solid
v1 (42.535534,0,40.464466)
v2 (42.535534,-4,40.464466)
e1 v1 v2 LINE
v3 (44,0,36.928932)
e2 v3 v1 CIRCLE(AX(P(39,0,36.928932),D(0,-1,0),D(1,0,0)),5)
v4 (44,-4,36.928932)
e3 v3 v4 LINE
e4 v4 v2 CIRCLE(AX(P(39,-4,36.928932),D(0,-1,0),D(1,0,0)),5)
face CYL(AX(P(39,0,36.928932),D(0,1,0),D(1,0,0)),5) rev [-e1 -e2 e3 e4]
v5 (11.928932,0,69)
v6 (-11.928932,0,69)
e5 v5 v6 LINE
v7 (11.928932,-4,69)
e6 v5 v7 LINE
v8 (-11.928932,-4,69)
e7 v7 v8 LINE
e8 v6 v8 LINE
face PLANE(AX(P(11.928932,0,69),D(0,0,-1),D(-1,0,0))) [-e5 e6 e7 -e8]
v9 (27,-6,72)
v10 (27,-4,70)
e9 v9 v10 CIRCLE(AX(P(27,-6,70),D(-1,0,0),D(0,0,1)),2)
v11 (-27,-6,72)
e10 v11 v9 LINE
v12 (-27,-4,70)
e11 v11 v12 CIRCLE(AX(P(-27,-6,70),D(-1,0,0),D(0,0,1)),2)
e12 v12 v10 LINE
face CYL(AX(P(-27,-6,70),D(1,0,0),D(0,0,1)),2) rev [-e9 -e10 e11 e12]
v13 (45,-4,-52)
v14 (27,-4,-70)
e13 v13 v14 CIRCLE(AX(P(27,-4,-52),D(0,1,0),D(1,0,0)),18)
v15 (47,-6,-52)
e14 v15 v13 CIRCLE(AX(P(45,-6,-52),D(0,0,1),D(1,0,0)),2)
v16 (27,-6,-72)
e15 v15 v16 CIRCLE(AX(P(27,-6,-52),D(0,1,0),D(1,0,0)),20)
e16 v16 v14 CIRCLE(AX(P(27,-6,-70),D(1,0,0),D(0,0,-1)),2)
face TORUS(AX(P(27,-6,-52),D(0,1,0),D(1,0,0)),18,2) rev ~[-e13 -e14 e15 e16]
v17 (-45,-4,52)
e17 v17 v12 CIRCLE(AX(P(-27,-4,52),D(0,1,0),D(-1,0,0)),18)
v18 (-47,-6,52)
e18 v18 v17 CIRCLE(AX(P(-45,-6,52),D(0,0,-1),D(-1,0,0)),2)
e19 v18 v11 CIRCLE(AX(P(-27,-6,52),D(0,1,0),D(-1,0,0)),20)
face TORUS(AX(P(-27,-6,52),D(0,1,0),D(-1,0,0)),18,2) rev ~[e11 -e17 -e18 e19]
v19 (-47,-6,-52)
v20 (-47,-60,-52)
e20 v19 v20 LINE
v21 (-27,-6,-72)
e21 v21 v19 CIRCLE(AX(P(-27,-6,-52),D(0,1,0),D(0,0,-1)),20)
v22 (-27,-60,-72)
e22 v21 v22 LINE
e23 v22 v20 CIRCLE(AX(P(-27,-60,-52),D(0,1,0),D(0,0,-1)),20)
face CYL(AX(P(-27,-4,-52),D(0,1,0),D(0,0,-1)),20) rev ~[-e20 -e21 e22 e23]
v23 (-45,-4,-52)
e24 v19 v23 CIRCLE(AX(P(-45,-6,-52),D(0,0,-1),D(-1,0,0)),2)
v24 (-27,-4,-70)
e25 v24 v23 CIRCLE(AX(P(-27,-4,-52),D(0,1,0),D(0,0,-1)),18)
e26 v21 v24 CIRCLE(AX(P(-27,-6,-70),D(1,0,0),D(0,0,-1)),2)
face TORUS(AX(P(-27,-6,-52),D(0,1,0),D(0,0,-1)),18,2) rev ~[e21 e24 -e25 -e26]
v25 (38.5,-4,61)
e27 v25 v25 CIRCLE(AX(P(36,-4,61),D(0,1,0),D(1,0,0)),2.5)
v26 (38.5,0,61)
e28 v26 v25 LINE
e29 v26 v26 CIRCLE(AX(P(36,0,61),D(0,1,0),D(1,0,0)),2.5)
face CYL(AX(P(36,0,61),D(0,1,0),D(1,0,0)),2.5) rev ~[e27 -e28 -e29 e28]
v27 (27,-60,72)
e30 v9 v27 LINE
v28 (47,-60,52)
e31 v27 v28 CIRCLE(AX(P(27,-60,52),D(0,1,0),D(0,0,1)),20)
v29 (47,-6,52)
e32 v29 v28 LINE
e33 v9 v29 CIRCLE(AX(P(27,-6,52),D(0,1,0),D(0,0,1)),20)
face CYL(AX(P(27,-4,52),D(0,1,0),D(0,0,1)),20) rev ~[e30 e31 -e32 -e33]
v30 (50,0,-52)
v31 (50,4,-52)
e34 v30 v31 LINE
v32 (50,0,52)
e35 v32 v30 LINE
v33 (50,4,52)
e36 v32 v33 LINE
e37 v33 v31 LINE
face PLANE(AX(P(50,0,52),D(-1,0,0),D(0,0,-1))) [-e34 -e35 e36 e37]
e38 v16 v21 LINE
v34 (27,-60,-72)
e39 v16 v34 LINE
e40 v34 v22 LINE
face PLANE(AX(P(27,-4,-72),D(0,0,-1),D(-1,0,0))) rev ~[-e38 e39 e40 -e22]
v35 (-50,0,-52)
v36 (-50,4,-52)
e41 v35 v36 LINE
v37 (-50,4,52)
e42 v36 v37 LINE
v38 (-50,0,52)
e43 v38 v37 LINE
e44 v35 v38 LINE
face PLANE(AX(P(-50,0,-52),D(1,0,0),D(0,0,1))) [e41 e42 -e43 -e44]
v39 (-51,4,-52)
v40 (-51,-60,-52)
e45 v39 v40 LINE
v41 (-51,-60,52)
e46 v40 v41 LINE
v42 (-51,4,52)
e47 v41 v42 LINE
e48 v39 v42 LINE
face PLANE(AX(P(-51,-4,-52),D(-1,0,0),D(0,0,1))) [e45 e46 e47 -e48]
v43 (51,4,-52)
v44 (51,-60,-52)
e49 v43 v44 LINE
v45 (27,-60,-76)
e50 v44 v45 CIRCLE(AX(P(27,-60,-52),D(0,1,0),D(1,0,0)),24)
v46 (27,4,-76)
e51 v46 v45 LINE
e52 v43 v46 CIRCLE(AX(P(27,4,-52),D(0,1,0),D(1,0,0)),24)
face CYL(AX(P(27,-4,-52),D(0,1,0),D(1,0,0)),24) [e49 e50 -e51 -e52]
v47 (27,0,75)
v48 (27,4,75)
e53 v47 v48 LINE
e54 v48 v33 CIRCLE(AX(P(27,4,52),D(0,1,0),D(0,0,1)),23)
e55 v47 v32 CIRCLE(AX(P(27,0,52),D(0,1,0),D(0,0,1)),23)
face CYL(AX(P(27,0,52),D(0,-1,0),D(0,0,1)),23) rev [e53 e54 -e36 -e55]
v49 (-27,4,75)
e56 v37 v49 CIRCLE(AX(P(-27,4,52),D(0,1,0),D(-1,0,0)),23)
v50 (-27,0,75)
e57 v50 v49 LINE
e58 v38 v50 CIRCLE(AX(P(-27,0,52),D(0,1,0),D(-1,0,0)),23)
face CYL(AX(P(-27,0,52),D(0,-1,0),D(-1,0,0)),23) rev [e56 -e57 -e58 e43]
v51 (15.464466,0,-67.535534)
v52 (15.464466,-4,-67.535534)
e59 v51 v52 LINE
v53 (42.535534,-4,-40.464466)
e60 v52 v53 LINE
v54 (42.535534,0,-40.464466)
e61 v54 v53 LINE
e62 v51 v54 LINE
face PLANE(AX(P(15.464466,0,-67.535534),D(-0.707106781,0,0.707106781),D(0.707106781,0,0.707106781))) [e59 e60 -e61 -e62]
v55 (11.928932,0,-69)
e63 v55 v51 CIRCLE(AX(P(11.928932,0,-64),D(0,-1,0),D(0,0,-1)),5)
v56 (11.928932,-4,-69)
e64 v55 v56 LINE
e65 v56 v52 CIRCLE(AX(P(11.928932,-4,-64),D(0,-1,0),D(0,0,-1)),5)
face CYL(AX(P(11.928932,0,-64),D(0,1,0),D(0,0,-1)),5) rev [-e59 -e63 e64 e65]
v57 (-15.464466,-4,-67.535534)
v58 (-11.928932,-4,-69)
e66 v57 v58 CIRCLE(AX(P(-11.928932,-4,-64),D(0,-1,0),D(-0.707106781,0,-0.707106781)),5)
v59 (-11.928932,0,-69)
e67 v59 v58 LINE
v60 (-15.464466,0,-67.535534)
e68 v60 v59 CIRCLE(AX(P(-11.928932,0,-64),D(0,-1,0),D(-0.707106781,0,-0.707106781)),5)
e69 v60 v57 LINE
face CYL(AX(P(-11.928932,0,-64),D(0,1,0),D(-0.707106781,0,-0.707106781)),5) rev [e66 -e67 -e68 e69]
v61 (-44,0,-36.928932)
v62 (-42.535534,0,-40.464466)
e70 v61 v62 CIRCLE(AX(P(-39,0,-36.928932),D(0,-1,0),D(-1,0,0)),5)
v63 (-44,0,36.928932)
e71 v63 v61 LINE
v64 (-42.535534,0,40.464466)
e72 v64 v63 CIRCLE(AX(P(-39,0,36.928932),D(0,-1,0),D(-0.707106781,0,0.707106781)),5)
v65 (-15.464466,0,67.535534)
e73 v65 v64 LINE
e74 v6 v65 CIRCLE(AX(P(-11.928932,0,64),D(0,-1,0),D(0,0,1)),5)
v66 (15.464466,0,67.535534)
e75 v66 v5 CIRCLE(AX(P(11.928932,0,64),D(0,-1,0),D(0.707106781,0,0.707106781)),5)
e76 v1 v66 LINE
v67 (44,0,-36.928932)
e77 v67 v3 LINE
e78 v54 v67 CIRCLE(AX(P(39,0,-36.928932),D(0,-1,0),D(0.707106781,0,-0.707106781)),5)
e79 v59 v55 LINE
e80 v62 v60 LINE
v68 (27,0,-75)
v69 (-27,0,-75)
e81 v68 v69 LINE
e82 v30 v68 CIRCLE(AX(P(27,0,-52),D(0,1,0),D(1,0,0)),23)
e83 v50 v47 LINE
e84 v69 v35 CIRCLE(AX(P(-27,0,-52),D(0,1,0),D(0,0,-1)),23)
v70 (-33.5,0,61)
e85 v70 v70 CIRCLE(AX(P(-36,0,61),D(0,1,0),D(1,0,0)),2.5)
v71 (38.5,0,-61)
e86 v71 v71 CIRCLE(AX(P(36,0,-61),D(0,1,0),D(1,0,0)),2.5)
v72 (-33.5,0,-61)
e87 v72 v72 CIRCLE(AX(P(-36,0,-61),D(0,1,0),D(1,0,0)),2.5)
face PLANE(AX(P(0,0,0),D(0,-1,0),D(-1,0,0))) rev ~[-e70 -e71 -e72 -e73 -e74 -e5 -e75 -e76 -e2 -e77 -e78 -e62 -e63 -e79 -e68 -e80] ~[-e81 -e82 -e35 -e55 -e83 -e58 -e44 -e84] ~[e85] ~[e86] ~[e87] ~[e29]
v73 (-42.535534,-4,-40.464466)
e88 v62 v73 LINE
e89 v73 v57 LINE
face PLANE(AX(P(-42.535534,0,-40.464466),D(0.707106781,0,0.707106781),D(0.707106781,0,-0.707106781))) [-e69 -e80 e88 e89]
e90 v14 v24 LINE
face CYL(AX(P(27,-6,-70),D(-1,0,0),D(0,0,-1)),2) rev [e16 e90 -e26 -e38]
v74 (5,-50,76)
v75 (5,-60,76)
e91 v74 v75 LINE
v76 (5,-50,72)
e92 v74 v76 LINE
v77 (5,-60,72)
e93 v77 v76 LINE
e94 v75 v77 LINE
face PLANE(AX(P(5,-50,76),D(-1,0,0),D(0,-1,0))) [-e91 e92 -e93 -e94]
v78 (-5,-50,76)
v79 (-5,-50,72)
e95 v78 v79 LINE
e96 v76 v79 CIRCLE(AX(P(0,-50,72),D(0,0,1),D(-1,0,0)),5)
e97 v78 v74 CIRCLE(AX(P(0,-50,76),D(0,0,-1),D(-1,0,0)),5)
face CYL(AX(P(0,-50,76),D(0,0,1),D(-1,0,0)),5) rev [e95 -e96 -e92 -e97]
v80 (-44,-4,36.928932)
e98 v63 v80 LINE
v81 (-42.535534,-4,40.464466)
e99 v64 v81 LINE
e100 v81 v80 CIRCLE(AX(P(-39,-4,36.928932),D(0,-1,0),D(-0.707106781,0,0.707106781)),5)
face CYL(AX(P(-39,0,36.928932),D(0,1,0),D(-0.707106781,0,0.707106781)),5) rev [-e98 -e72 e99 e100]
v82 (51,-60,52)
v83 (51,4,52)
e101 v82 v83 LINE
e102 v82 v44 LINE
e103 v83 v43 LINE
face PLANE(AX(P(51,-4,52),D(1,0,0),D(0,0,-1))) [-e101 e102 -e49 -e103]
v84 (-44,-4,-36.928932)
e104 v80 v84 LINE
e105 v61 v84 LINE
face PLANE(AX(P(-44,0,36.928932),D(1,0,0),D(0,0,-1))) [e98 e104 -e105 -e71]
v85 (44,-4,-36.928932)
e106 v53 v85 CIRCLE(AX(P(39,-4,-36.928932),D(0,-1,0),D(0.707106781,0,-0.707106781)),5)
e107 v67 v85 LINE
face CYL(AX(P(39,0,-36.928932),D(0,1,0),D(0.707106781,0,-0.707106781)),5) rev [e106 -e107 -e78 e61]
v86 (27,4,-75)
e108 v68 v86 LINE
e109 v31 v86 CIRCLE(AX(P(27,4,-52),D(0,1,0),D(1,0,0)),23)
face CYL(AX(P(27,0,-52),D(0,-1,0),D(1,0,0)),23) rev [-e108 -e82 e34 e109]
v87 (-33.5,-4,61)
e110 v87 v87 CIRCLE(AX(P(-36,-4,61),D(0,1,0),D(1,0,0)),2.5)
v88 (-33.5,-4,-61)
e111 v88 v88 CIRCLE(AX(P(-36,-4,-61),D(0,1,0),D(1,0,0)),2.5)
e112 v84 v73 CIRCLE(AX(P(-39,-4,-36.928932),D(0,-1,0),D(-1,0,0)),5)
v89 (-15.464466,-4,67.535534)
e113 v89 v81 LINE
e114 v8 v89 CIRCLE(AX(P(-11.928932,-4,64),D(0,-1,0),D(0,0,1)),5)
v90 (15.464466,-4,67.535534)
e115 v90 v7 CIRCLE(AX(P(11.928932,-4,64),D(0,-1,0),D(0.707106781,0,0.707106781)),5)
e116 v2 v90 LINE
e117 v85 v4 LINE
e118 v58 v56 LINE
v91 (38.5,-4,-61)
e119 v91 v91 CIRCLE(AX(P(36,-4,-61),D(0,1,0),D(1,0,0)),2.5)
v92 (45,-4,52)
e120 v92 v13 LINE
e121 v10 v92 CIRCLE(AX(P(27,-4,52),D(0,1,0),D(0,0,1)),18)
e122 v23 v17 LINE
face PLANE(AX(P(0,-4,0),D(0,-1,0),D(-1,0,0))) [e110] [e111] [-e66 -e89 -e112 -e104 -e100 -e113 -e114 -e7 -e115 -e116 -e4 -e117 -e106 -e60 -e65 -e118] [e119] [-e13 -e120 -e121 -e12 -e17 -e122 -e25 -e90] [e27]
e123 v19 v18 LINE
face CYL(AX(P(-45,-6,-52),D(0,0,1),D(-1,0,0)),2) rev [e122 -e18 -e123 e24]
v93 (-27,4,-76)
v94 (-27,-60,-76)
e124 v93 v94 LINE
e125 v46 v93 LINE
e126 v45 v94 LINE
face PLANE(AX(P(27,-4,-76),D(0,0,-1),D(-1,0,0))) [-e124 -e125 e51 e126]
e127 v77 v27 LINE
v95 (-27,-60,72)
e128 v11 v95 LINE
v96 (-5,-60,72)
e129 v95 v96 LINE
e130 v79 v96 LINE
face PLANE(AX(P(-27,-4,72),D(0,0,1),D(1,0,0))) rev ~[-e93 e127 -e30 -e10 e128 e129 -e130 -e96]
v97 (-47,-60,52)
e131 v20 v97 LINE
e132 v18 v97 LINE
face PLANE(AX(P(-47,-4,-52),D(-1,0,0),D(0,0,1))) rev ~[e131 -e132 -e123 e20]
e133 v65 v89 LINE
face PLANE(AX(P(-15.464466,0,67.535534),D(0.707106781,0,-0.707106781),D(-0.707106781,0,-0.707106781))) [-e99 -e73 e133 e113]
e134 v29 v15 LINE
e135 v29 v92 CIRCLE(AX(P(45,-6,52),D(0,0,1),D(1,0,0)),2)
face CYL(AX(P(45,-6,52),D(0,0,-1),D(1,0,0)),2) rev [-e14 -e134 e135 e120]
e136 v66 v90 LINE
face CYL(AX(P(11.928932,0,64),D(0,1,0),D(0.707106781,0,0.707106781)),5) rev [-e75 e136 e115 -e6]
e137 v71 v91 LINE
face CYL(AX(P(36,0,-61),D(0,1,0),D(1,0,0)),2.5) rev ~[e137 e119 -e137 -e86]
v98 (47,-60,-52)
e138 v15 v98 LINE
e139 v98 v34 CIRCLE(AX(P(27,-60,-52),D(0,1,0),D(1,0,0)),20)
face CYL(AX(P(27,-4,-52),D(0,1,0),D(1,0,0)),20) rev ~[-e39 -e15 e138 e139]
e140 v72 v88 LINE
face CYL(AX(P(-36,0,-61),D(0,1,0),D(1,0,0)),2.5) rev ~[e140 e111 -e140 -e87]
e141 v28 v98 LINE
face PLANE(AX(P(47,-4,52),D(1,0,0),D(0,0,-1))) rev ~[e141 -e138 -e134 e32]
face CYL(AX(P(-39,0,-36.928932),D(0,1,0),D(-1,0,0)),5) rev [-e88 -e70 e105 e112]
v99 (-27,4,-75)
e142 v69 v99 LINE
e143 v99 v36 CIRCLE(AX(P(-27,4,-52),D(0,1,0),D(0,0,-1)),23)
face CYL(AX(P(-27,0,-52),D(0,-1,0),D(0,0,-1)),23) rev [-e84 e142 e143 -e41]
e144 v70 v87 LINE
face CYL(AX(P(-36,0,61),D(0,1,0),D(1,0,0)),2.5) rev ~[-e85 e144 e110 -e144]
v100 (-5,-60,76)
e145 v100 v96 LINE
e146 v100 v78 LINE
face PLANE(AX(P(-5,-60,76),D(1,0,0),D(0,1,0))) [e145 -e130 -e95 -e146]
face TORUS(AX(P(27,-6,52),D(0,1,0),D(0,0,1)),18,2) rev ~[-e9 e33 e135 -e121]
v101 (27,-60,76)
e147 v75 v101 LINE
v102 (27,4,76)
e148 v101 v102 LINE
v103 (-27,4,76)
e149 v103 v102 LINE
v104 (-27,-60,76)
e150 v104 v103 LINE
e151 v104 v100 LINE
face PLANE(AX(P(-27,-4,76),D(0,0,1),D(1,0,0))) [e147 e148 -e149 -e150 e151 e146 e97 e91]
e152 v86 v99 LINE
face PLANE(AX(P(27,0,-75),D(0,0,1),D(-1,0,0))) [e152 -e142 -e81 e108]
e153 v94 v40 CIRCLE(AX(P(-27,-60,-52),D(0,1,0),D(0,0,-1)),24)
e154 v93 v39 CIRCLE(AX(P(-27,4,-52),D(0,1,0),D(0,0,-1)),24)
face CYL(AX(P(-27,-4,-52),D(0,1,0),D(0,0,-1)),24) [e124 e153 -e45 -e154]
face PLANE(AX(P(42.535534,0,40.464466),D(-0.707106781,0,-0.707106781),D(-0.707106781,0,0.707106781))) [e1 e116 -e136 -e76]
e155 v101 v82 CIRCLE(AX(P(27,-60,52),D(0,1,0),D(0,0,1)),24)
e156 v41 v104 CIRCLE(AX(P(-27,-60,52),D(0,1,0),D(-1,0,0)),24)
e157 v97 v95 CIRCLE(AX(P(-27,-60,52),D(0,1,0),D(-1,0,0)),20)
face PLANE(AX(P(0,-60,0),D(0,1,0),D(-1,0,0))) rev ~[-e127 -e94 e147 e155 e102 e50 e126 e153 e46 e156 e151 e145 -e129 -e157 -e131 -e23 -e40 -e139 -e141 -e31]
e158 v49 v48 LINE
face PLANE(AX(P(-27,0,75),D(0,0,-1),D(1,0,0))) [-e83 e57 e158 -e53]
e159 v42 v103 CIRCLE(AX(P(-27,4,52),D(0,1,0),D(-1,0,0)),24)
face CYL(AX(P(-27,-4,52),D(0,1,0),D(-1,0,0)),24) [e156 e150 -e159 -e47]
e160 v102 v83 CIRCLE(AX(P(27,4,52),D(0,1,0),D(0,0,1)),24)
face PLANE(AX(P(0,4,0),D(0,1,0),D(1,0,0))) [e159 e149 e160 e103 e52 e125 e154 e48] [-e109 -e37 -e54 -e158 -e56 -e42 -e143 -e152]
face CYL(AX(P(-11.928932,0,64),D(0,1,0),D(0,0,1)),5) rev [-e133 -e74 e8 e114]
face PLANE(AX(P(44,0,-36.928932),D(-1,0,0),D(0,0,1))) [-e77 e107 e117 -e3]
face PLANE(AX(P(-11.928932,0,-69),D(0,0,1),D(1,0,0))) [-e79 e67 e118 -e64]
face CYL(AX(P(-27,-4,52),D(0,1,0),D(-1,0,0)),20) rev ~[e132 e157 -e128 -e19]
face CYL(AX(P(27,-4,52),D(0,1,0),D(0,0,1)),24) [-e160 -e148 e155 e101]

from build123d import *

# Parameters (mm, degrees)
SKETCH1_R           = 2.5
BOSS_EXTRUDE1_DEPTH = 4
BOSS_EXTRUDE2_DEPTH = 4
BOSS_EXTRUDE3_DEPTH = 56
CUT_EXTRUDE1_REACH  = 154
FILLET1_R           = 2


with BuildPart() as part:
    # Sketch1 → Boss-Extrude1 (new body)
    with BuildSketch(Plane(origin=(0, 0, 0), x_dir=(1, 0, 0), z_dir=(0, 1, 0))):
        with BuildLine():
            Line((-51, -52), (-51, 52))
            ThreePointArc((-51, 52), (-43.970562748, 68.970562748), (-27, 76))
            Line((-27, 76), (27, 76))
            ThreePointArc((27, 76), (43.970562748, 68.970562748), (51, 52))
            Line((51, 52), (51, -52))
            ThreePointArc((51, -52), (43.970562748, -68.970562748), (27, -76))
            Line((27, -76), (-27, -76))
            ThreePointArc((-27, -76), (-43.970562748, -68.970562748), (-51, -52))
        make_face()
        with Locations((-36, 61)):
            Circle(SKETCH1_R, mode=Mode.SUBTRACT)
        with Locations((-36, -61)):
            Circle(SKETCH1_R, mode=Mode.SUBTRACT)
        with Locations((36, -61)):
            Circle(SKETCH1_R, mode=Mode.SUBTRACT)
        with Locations((36, 61)):
            Circle(SKETCH1_R, mode=Mode.SUBTRACT)
        with BuildLine():
            Line((-44, -36.928932188), (-44, 36.928932188))
            ThreePointArc((-44, 36.928932188), (-43.619397663, 38.84234935), (-42.535533906, 40.464466094))
            Line((-42.535533906, 40.464466094), (-15.464466094, 67.535533906))
            ThreePointArc((-15.464466094, 67.535533906), (-13.84234935, 68.619397663), (-11.928932188, 69))
            Line((-11.928932188, 69), (11.928932188, 69))
            ThreePointArc((11.928932188, 69), (13.84234935, 68.619397663), (15.464466094, 67.535533906))
            Line((15.464466094, 67.535533906), (42.535533906, 40.464466094))
            ThreePointArc((42.535533906, 40.464466094), (43.619397663, 38.84234935), (44, 36.928932188))
            Line((44, 36.928932188), (44, -36.928932188))
            ThreePointArc((44, -36.928932188), (43.619397663, -38.84234935), (42.535533906, -40.464466094))
            Line((42.535533906, -40.464466094), (15.464466094, -67.535533906))
            ThreePointArc((15.464466094, -67.535533906), (13.84234935, -68.619397663), (11.928932188, -69))
            Line((11.928932188, -69), (-11.928932188, -69))
            ThreePointArc((-11.928932188, -69), (-13.84234935, -68.619397663), (-15.464466094, -67.535533906))
            Line((-15.464466094, -67.535533906), (-42.535533906, -40.464466094))
            ThreePointArc((-42.535533906, -40.464466094), (-43.619397663, -38.84234935), (-44, -36.928932188))
        make_face(mode=Mode.SUBTRACT)
    extrude(amount=-BOSS_EXTRUDE1_DEPTH)

    # Sketch2 → Boss-Extrude2 (add)
    with BuildSketch(Plane(origin=(0, 0, 0), x_dir=(1, 0, 0), z_dir=(0, 1, 0))):
        with BuildLine():
            Line((-27, -76), (27, -76))
            ThreePointArc((27, -76), (43.970562748, -68.970562748), (51, -52))
            Line((51, -52), (51, 52))
            ThreePointArc((51, 52), (43.970562748, 68.970562748), (27, 76))
            Line((27, 76), (-27, 76))
            ThreePointArc((-27, 76), (-43.970562748, 68.970562748), (-51, 52))
            Line((-51, 52), (-51, -52))
            ThreePointArc((-51, -52), (-43.970562748, -68.970562748), (-27, -76))
        make_face()
        with BuildLine():
            Line((-50, 52), (-50, -52))
            ThreePointArc((-50, -52), (-43.263455967, -68.263455967), (-27, -75))
            Line((-27, -75), (27, -75))
            ThreePointArc((27, -75), (43.263455967, -68.263455967), (50, -52))
            Line((50, -52), (50, 52))
            ThreePointArc((50, 52), (43.263455967, 68.263455967), (27, 75))
            Line((27, 75), (-27, 75))
            ThreePointArc((-27, 75), (-43.263455967, 68.263455967), (-50, 52))
        make_face(mode=Mode.SUBTRACT)
    extrude(amount=BOSS_EXTRUDE2_DEPTH)

    # Sketch3 → Boss-Extrude3 (add)
    with BuildSketch(Plane.XZ.offset(4)):
        with BuildLine():
            Line((-51, -52), (-51, 52))
            ThreePointArc((-51, 52), (-43.970562748, 68.970562748), (-27, 76))
            Line((-27, 76), (27, 76))
            ThreePointArc((27, 76), (43.970562748, 68.970562748), (51, 52))
            Line((51, 52), (51, -52))
            ThreePointArc((51, -52), (43.970562748, -68.970562748), (27, -76))
            Line((27, -76), (-27, -76))
            ThreePointArc((-27, -76), (-43.970562748, -68.970562748), (-51, -52))
        make_face()
        with BuildLine():
            Line((-47, -52), (-47, 52))
            ThreePointArc((-47, 52), (-41.142135624, 66.142135624), (-27, 72))
            Line((-27, 72), (27, 72))
            ThreePointArc((27, 72), (41.142135624, 66.142135624), (47, 52))
            Line((47, 52), (47, -52))
            ThreePointArc((47, -52), (41.142135624, -66.142135624), (27, -72))
            Line((27, -72), (-27, -72))
            ThreePointArc((-27, -72), (-41.142135624, -66.142135624), (-47, -52))
        make_face(mode=Mode.SUBTRACT)
    extrude(amount=BOSS_EXTRUDE3_DEPTH)

    # Sketch4 → Cut-Extrude1 (cut, up to next)
    with BuildSketch(Plane.XY.offset(76), mode=Mode.PRIVATE) as cut_extrude1_sk1:
        with BuildLine():
            Line((5, -60), (-5, -60))
            Line((-5, -60), (-5, -50))
            ThreePointArc((-5, -50), (0, -45), (5, -50))
            Line((5, -50), (5, -60))
        make_face()
    cut_extrude1_tool1 = extrude(cut_extrude1_sk1.sketch, amount=-CUT_EXTRUDE1_REACH, mode=Mode.PRIVATE) & part.part
    add(cut_extrude1_tool1.solids().sort_by_distance((0, -52.991792, 76))[0], mode=Mode.SUBTRACT)

    # Fillet1
    fillet1_edges = [part.edges().sort_by_distance(p)[0] for p in [
        (-41.142135624, -4, -66.142135624),
        (0, -4, -72),
        (41.142135624, -4, -66.142135624),
        (47, -4, 0),
        (41.142135624, -4, 66.142135624),
        (0, -4, 72),
        (-41.142135624, -4, 66.142135624),
        (-47, -4, 0),
    ]]
    fillet(fillet1_edges, radius=FILLET1_R)


solid = part.part
